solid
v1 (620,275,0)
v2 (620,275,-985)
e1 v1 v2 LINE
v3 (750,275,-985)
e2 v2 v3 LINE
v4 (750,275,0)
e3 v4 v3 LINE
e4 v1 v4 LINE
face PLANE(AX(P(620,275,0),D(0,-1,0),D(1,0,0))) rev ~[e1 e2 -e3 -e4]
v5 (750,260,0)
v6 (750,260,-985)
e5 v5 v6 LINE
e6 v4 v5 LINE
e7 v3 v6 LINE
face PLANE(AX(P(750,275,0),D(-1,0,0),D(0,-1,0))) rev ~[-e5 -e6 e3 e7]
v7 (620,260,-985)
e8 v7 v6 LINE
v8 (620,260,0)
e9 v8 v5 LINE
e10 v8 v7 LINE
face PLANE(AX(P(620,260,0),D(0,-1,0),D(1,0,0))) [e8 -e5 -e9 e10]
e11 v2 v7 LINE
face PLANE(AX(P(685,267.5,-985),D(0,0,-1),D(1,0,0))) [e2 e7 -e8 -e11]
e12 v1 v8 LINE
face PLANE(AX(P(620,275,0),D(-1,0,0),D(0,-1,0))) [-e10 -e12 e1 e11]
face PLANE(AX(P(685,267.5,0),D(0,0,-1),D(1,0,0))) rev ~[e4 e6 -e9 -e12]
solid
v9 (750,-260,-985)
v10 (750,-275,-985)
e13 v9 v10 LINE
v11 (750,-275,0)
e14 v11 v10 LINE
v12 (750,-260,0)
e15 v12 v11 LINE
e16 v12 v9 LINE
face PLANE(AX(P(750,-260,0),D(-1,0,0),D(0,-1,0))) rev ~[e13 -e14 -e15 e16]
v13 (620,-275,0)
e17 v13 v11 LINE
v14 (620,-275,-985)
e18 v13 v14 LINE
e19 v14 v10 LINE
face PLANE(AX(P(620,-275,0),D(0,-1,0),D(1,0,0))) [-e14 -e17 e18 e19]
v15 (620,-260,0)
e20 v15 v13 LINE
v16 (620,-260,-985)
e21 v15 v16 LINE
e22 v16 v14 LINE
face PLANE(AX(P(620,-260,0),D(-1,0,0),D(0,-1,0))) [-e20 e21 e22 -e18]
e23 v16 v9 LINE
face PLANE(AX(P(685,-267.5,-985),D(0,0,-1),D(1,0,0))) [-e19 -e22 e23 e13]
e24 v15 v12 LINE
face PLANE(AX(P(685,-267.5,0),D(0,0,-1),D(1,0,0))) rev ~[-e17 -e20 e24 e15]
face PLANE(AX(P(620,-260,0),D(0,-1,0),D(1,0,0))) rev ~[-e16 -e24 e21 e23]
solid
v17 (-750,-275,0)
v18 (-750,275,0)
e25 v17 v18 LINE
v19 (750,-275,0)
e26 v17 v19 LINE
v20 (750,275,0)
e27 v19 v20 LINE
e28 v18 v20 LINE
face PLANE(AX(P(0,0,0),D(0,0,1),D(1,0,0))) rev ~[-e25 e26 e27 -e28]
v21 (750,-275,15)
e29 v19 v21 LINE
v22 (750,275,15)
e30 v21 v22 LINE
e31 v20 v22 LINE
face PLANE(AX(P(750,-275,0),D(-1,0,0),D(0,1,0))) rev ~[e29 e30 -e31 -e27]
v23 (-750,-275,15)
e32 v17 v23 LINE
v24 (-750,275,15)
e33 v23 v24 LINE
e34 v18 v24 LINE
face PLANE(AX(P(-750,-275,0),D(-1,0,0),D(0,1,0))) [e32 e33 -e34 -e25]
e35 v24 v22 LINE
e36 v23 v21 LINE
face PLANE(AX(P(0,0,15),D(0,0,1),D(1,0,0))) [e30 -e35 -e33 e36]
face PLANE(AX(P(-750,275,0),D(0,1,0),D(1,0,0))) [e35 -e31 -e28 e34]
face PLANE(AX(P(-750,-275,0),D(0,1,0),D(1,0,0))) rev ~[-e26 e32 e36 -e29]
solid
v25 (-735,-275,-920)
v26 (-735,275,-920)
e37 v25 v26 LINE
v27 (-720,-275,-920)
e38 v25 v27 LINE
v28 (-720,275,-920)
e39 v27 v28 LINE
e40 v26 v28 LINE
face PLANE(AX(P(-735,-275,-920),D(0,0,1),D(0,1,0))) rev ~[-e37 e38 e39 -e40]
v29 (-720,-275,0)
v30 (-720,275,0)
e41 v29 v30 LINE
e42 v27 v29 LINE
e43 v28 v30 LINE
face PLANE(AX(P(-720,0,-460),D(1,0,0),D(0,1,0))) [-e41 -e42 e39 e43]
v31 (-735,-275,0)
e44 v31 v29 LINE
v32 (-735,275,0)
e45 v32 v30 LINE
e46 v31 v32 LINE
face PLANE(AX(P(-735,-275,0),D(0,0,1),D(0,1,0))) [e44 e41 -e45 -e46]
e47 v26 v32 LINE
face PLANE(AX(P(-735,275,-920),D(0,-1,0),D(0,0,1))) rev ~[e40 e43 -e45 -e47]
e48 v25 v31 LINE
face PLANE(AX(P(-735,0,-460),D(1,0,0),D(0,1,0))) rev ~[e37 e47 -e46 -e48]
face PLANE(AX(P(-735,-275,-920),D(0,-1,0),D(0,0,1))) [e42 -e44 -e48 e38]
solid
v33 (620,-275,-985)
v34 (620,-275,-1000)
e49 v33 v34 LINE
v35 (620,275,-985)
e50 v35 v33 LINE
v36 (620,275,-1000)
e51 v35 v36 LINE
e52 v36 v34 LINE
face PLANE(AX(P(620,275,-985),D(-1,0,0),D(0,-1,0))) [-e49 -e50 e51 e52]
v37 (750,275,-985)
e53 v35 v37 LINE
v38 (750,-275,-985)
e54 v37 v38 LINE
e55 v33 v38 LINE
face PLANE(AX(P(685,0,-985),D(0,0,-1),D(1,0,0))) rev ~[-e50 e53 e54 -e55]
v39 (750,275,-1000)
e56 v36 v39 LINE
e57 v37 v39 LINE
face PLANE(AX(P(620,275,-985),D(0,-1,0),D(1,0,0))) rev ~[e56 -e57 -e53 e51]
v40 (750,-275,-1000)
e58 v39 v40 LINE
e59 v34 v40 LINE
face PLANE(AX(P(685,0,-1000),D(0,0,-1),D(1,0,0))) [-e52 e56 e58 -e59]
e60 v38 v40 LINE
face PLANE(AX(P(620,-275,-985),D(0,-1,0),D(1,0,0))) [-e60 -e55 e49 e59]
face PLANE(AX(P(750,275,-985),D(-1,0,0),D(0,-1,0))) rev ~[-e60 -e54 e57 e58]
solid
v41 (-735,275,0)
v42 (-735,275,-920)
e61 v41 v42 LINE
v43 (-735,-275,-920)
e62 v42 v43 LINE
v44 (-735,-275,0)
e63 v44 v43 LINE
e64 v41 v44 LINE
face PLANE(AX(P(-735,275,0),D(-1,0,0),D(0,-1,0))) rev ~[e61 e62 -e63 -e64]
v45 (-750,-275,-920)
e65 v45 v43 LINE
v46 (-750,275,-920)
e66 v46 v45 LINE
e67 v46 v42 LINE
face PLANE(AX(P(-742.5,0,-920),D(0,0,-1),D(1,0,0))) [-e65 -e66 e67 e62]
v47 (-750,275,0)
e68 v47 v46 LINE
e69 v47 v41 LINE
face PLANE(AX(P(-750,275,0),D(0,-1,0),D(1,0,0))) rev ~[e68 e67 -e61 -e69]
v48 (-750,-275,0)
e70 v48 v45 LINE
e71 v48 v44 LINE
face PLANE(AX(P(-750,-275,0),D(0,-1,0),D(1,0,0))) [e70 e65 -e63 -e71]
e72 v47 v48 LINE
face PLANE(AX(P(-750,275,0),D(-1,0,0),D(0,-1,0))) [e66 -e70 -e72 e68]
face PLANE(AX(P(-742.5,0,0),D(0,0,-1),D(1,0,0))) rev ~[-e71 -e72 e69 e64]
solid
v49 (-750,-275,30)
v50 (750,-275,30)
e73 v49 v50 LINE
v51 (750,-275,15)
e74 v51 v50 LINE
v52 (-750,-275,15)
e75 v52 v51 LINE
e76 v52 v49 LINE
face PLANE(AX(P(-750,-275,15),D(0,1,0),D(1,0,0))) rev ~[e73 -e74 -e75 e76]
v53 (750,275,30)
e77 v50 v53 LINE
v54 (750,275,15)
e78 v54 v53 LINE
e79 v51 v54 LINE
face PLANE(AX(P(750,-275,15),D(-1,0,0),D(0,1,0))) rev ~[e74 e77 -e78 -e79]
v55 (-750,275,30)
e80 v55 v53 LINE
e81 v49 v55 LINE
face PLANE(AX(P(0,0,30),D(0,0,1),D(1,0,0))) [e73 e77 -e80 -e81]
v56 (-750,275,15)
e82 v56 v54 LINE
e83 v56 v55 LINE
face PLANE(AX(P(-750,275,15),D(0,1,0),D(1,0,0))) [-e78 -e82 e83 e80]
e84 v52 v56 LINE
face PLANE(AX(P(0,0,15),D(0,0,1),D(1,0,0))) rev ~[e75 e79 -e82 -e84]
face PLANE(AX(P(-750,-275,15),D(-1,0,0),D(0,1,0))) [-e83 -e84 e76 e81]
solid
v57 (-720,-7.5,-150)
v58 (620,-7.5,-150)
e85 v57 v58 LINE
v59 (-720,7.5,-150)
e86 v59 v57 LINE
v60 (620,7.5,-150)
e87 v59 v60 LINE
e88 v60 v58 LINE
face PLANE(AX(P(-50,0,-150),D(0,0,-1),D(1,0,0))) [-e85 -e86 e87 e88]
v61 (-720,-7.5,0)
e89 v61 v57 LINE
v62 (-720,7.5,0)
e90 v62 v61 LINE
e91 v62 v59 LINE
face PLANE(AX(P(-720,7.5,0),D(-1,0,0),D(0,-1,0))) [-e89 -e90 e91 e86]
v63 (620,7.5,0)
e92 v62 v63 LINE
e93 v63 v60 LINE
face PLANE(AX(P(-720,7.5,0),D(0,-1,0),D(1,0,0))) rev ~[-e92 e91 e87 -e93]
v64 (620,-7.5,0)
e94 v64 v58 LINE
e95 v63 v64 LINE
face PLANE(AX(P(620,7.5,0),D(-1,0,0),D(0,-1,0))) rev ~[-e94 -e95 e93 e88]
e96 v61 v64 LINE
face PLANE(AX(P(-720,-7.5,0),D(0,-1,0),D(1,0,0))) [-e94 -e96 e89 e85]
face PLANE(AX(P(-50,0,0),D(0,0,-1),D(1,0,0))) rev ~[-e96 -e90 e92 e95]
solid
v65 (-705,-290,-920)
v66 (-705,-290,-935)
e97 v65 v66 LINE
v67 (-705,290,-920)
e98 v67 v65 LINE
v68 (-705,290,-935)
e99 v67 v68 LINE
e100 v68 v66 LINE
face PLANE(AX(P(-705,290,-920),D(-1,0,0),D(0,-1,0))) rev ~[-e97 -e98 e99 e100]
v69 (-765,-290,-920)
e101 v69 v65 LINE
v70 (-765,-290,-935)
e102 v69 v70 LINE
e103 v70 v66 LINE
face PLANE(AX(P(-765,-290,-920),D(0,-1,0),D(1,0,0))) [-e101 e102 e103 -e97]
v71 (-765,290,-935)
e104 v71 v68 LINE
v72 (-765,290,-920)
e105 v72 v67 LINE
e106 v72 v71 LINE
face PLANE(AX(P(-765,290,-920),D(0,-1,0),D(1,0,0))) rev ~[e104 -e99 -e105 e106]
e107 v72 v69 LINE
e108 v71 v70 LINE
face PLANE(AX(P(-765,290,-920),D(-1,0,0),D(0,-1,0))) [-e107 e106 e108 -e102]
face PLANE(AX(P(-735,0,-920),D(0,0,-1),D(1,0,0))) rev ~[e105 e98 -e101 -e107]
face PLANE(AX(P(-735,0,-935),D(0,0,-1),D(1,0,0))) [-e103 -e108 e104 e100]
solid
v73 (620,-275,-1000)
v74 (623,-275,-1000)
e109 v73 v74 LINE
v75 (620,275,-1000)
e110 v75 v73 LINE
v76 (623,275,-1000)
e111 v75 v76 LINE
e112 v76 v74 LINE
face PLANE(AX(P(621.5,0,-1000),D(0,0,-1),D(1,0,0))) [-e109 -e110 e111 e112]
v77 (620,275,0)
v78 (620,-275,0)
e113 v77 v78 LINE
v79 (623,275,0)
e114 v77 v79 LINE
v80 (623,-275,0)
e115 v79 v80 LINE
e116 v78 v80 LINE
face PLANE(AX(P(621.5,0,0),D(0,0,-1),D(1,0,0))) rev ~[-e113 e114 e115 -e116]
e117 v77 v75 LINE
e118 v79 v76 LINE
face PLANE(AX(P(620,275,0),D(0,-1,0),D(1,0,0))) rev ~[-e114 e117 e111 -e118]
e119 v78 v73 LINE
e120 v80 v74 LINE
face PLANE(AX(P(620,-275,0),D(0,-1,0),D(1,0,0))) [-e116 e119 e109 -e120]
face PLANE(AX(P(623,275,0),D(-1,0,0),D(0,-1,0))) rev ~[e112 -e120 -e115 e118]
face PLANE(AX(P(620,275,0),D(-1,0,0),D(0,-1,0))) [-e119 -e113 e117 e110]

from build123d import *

# Parameters (mm, degrees)
F0_W      = 1500
F0_H      = 550
F1_DEPTH  = 15
F1_FACE_W = 1500
F1_FACE_H = 550
F2_DEPTH  = 15
F3_W      = 15
F3_H      = 550
F4_DEPTH  = 920
F4_FACE_W = 550
F4_FACE_H = 920
F5_DEPTH  = 15
F6_W      = 130
F6_H      = 15
F7_DEPTH  = 985
F8_W      = 130
F8_H      = 550
F9_DEPTH  = 15
F10_W     = 3
F10_H     = 550
F11_DEPTH = 1000
F12_W     = 1340
F12_H     = 15
F13_DEPTH = 150
F14_W     = 60
F14_H     = 580
F15_DEPTH = 15


with BuildPart() as f1:
    # F0 (on Top) → F1 (new body)
    with BuildSketch(Plane.XY):
        Rectangle(F0_W, F0_H)
    extrude(amount=F1_DEPTH)


with BuildPart() as f2:
    # F1_face (on face) → F2 (new body)
    with BuildSketch(Plane.XY.offset(15)):
        Rectangle(F1_FACE_W, F1_FACE_H)
    extrude(amount=F2_DEPTH)


with BuildPart() as f4:
    # F3 (on face) → F4 (new body)
    with BuildSketch(Plane(origin=(0, 0, 0), x_dir=(1, 0, 0), z_dir=(0, 0, -1))):
        with Locations((-742.5, 0)):
            Rectangle(F3_W, F3_H)
    extrude(amount=F4_DEPTH)


with BuildPart() as f5:
    # F4_face (on face) → F5 (new body)
    with BuildSketch(Plane(origin=(-735, 0, -460), x_dir=(0, 1, 0), z_dir=(1, 0, 0))):
        Rectangle(F4_FACE_W, F4_FACE_H)
    extrude(amount=F5_DEPTH)


with BuildPart() as f7:
    # F6 (on face) → F7 (new body)
    with BuildSketch(Plane(origin=(0, 0, 0), x_dir=(1, 0, 0), z_dir=(0, 0, -1))):
        with Locations((685, 267.5)):
            Rectangle(F6_W, F6_H)
        with Locations((685, -267.5)):
            Rectangle(F6_W, F6_H)
    extrude(amount=F7_DEPTH)


with BuildPart() as f9:
    # F8 (on face) → F9 (new body)
    with BuildSketch(Plane(origin=(0, 0, -985), x_dir=(1, 0, 0), z_dir=(0, 0, -1))):
        with Locations((685, 0)):
            Rectangle(F8_W, F8_H)
    extrude(amount=F9_DEPTH)


with BuildPart() as f11:
    # F10 (on face) → F11 (new body)
    with BuildSketch(Plane(origin=(0, 0, 0), x_dir=(1, 0, 0), z_dir=(0, 0, -1))):
        with Locations((621.5, 0)):
            Rectangle(F10_W, F10_H)
    extrude(amount=F11_DEPTH)


with BuildPart() as f13:
    # F12 (on face) → F13 (new body)
    with BuildSketch(Plane(origin=(0, 0, 0), x_dir=(1, 0, 0), z_dir=(0, 0, -1))):
        with Locations((-50, 0)):
            Rectangle(F12_W, F12_H)
    extrude(amount=F13_DEPTH)


with BuildPart() as f15:
    # F14 (on face) → F15 (new body)
    with BuildSketch(Plane(origin=(0, 0, -920), x_dir=(1, 0, 0), z_dir=(0, 0, -1))):
        with Locations((-735, 0)):
            Rectangle(F14_W, F14_H)
    extrude(amount=F15_DEPTH)


solid = Compound([f1.part, f2.part, f4.part, f5.part, f7.part, f9.part, f11.part, f13.part, f15.part])
